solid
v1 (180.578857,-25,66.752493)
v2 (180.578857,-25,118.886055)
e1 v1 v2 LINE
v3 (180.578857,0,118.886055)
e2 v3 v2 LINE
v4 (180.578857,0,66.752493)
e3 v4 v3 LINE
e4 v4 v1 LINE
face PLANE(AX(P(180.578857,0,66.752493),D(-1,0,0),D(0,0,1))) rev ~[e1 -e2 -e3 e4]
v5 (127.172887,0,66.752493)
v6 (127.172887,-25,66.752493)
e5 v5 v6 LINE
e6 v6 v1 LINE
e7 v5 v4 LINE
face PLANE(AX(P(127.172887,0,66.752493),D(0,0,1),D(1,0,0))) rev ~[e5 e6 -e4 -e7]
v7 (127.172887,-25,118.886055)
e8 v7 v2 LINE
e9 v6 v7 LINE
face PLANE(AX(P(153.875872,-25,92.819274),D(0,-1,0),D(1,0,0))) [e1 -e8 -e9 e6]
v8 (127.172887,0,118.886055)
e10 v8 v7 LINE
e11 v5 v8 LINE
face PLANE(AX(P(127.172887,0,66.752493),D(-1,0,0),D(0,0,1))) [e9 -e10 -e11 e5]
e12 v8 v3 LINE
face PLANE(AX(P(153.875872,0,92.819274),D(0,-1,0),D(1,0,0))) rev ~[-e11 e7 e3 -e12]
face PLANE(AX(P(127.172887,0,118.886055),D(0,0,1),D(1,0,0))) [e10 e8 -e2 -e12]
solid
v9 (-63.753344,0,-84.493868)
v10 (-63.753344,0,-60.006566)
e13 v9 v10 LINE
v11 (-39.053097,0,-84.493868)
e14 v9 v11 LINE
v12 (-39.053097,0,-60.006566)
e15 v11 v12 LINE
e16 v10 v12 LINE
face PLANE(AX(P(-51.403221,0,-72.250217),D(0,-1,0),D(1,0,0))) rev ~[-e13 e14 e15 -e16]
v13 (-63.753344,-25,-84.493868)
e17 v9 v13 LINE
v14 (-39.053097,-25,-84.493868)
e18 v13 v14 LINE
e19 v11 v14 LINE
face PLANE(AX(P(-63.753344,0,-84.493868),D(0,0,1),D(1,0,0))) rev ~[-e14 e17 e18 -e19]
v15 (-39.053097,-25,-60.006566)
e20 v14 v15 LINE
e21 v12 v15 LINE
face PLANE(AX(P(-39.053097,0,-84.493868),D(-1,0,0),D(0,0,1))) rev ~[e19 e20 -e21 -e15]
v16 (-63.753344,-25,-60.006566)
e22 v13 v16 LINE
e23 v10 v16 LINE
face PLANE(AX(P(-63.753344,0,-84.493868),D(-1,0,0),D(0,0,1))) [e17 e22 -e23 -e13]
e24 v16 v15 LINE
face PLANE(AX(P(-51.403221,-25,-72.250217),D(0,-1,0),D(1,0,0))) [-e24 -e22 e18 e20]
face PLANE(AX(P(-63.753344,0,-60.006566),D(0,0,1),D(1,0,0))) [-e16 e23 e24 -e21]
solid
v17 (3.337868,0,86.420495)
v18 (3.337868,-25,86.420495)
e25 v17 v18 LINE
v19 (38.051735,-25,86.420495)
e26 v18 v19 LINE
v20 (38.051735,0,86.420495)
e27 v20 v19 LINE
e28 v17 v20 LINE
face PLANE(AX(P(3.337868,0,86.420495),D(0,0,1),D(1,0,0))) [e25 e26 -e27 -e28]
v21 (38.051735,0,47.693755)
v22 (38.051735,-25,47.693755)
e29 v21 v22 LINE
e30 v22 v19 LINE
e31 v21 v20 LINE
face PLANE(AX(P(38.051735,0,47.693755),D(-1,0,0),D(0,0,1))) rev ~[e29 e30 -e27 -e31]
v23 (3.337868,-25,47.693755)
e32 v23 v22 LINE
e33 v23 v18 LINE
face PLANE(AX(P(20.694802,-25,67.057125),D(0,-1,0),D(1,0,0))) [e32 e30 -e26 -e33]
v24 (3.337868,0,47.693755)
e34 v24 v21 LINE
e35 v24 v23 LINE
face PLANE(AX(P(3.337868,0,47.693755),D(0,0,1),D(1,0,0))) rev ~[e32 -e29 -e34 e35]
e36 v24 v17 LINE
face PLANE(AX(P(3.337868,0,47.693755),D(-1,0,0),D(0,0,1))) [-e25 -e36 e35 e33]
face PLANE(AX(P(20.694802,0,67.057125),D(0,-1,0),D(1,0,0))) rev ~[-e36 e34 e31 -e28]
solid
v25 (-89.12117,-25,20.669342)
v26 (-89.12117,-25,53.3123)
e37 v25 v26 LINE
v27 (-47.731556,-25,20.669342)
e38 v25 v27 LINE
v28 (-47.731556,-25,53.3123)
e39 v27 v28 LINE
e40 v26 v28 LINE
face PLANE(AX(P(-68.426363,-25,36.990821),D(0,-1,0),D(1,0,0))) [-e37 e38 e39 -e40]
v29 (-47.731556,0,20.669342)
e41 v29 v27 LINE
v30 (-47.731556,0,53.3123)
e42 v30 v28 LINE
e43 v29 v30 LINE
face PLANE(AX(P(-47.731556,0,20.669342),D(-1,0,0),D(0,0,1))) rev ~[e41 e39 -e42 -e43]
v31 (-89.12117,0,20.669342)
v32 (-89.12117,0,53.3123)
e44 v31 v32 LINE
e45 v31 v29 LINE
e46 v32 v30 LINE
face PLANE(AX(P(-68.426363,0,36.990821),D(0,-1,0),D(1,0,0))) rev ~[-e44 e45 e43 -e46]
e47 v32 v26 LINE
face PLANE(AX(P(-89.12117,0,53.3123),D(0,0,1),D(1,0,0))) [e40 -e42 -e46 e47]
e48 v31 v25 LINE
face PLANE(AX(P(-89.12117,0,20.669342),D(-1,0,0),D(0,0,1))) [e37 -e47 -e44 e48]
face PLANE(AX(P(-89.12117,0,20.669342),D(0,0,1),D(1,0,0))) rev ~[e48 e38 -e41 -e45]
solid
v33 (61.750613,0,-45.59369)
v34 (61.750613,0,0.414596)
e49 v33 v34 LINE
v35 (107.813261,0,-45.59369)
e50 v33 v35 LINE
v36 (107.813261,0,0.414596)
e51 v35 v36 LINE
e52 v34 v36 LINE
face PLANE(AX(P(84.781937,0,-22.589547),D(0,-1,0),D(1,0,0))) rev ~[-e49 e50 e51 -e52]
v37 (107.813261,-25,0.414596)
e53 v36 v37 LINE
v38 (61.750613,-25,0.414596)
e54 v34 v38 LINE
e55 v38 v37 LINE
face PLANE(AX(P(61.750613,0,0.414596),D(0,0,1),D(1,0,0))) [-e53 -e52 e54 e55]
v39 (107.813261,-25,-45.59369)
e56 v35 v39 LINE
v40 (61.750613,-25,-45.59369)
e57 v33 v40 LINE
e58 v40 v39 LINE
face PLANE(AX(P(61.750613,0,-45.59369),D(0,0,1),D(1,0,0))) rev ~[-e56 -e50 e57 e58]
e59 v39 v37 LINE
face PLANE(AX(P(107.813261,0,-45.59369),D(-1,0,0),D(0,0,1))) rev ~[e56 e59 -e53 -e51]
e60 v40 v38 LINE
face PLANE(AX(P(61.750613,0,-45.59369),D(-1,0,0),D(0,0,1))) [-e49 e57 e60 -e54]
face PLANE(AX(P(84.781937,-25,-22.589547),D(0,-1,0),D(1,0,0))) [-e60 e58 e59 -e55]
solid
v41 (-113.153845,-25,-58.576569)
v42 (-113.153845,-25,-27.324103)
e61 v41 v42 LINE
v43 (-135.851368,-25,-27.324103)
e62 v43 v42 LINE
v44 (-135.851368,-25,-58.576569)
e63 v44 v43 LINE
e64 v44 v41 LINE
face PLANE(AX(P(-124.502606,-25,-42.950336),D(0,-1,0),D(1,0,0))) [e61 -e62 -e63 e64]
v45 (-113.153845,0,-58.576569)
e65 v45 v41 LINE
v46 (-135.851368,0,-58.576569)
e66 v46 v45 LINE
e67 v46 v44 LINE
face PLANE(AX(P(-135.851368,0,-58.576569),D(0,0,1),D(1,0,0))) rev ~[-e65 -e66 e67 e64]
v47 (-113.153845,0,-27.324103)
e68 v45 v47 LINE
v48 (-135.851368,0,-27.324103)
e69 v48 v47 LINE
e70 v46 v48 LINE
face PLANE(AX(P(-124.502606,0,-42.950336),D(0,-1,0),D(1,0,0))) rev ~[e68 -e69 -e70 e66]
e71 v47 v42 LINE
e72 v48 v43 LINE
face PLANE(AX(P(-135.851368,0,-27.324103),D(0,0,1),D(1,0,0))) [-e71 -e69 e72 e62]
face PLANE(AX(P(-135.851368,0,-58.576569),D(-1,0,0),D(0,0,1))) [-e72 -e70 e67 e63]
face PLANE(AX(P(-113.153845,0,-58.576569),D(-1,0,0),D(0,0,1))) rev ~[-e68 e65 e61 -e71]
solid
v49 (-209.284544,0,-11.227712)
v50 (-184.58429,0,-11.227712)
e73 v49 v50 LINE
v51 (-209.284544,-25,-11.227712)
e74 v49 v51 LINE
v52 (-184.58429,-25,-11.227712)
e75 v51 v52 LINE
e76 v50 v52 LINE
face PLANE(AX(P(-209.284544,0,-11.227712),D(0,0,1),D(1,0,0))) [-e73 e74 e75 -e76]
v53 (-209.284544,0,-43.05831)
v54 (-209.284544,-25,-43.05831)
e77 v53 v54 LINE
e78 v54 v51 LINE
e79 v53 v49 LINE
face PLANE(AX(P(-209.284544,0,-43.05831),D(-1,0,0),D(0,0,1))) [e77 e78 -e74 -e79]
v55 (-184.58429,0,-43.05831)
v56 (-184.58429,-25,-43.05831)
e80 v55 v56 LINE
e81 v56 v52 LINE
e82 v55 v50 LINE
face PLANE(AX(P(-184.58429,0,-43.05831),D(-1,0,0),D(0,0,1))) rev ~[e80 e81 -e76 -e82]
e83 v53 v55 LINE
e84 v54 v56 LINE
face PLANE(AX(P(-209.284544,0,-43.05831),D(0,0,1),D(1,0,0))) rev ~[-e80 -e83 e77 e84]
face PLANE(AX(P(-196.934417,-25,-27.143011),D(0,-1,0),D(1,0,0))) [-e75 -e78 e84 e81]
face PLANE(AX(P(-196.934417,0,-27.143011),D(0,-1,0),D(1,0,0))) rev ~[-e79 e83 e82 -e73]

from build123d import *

# Parameters (mm, degrees)
F0_W     = 41.389614
F0_H     = 32.642957
F0_W_2   = 34.713867
F0_H_2   = 38.72674
F0_W_3   = 53.405971
F0_H_3   = 52.133561
F0_W_4   = 46.062648
F0_H_4   = 46.008285
F1_DEPTH = 25
F2_W     = 24.700254
F2_H     = 31.830598
F2_W_2   = 22.697523
F2_H_2   = 31.252466
F2_W_3   = 24.700247
F2_H_3   = 24.487302
F3_DEPTH = 25


with BuildPart() as f1:
    # F0 (on Front) → F1 (new body)
    with BuildSketch(Plane.XZ):
        with Locations((-68.426363, 36.990821)):
            Rectangle(F0_W, F0_H)
        with Locations((20.694802, 67.057125)):
            Rectangle(F0_W_2, F0_H_2)
        with Locations((153.875872, 92.819274)):
            Rectangle(F0_W_3, F0_H_3)
        with Locations((84.781937, -22.589547)):
            Rectangle(F0_W_4, F0_H_4)
    extrude(amount=F1_DEPTH)


with BuildPart() as f3:
    # F2 (on Front) → F3 (new body)
    with BuildSketch(Plane.XZ):
        with Locations((-196.934417, -27.143011)):
            Rectangle(F2_W, F2_H)
        with Locations((-124.502606, -42.950336)):
            Rectangle(F2_W_2, F2_H_2)
        with Locations((-51.403221, -72.250217)):
            Rectangle(F2_W_3, F2_H_3)
    extrude(amount=F3_DEPTH)


solid = Compound([f1.part, f3.part])
